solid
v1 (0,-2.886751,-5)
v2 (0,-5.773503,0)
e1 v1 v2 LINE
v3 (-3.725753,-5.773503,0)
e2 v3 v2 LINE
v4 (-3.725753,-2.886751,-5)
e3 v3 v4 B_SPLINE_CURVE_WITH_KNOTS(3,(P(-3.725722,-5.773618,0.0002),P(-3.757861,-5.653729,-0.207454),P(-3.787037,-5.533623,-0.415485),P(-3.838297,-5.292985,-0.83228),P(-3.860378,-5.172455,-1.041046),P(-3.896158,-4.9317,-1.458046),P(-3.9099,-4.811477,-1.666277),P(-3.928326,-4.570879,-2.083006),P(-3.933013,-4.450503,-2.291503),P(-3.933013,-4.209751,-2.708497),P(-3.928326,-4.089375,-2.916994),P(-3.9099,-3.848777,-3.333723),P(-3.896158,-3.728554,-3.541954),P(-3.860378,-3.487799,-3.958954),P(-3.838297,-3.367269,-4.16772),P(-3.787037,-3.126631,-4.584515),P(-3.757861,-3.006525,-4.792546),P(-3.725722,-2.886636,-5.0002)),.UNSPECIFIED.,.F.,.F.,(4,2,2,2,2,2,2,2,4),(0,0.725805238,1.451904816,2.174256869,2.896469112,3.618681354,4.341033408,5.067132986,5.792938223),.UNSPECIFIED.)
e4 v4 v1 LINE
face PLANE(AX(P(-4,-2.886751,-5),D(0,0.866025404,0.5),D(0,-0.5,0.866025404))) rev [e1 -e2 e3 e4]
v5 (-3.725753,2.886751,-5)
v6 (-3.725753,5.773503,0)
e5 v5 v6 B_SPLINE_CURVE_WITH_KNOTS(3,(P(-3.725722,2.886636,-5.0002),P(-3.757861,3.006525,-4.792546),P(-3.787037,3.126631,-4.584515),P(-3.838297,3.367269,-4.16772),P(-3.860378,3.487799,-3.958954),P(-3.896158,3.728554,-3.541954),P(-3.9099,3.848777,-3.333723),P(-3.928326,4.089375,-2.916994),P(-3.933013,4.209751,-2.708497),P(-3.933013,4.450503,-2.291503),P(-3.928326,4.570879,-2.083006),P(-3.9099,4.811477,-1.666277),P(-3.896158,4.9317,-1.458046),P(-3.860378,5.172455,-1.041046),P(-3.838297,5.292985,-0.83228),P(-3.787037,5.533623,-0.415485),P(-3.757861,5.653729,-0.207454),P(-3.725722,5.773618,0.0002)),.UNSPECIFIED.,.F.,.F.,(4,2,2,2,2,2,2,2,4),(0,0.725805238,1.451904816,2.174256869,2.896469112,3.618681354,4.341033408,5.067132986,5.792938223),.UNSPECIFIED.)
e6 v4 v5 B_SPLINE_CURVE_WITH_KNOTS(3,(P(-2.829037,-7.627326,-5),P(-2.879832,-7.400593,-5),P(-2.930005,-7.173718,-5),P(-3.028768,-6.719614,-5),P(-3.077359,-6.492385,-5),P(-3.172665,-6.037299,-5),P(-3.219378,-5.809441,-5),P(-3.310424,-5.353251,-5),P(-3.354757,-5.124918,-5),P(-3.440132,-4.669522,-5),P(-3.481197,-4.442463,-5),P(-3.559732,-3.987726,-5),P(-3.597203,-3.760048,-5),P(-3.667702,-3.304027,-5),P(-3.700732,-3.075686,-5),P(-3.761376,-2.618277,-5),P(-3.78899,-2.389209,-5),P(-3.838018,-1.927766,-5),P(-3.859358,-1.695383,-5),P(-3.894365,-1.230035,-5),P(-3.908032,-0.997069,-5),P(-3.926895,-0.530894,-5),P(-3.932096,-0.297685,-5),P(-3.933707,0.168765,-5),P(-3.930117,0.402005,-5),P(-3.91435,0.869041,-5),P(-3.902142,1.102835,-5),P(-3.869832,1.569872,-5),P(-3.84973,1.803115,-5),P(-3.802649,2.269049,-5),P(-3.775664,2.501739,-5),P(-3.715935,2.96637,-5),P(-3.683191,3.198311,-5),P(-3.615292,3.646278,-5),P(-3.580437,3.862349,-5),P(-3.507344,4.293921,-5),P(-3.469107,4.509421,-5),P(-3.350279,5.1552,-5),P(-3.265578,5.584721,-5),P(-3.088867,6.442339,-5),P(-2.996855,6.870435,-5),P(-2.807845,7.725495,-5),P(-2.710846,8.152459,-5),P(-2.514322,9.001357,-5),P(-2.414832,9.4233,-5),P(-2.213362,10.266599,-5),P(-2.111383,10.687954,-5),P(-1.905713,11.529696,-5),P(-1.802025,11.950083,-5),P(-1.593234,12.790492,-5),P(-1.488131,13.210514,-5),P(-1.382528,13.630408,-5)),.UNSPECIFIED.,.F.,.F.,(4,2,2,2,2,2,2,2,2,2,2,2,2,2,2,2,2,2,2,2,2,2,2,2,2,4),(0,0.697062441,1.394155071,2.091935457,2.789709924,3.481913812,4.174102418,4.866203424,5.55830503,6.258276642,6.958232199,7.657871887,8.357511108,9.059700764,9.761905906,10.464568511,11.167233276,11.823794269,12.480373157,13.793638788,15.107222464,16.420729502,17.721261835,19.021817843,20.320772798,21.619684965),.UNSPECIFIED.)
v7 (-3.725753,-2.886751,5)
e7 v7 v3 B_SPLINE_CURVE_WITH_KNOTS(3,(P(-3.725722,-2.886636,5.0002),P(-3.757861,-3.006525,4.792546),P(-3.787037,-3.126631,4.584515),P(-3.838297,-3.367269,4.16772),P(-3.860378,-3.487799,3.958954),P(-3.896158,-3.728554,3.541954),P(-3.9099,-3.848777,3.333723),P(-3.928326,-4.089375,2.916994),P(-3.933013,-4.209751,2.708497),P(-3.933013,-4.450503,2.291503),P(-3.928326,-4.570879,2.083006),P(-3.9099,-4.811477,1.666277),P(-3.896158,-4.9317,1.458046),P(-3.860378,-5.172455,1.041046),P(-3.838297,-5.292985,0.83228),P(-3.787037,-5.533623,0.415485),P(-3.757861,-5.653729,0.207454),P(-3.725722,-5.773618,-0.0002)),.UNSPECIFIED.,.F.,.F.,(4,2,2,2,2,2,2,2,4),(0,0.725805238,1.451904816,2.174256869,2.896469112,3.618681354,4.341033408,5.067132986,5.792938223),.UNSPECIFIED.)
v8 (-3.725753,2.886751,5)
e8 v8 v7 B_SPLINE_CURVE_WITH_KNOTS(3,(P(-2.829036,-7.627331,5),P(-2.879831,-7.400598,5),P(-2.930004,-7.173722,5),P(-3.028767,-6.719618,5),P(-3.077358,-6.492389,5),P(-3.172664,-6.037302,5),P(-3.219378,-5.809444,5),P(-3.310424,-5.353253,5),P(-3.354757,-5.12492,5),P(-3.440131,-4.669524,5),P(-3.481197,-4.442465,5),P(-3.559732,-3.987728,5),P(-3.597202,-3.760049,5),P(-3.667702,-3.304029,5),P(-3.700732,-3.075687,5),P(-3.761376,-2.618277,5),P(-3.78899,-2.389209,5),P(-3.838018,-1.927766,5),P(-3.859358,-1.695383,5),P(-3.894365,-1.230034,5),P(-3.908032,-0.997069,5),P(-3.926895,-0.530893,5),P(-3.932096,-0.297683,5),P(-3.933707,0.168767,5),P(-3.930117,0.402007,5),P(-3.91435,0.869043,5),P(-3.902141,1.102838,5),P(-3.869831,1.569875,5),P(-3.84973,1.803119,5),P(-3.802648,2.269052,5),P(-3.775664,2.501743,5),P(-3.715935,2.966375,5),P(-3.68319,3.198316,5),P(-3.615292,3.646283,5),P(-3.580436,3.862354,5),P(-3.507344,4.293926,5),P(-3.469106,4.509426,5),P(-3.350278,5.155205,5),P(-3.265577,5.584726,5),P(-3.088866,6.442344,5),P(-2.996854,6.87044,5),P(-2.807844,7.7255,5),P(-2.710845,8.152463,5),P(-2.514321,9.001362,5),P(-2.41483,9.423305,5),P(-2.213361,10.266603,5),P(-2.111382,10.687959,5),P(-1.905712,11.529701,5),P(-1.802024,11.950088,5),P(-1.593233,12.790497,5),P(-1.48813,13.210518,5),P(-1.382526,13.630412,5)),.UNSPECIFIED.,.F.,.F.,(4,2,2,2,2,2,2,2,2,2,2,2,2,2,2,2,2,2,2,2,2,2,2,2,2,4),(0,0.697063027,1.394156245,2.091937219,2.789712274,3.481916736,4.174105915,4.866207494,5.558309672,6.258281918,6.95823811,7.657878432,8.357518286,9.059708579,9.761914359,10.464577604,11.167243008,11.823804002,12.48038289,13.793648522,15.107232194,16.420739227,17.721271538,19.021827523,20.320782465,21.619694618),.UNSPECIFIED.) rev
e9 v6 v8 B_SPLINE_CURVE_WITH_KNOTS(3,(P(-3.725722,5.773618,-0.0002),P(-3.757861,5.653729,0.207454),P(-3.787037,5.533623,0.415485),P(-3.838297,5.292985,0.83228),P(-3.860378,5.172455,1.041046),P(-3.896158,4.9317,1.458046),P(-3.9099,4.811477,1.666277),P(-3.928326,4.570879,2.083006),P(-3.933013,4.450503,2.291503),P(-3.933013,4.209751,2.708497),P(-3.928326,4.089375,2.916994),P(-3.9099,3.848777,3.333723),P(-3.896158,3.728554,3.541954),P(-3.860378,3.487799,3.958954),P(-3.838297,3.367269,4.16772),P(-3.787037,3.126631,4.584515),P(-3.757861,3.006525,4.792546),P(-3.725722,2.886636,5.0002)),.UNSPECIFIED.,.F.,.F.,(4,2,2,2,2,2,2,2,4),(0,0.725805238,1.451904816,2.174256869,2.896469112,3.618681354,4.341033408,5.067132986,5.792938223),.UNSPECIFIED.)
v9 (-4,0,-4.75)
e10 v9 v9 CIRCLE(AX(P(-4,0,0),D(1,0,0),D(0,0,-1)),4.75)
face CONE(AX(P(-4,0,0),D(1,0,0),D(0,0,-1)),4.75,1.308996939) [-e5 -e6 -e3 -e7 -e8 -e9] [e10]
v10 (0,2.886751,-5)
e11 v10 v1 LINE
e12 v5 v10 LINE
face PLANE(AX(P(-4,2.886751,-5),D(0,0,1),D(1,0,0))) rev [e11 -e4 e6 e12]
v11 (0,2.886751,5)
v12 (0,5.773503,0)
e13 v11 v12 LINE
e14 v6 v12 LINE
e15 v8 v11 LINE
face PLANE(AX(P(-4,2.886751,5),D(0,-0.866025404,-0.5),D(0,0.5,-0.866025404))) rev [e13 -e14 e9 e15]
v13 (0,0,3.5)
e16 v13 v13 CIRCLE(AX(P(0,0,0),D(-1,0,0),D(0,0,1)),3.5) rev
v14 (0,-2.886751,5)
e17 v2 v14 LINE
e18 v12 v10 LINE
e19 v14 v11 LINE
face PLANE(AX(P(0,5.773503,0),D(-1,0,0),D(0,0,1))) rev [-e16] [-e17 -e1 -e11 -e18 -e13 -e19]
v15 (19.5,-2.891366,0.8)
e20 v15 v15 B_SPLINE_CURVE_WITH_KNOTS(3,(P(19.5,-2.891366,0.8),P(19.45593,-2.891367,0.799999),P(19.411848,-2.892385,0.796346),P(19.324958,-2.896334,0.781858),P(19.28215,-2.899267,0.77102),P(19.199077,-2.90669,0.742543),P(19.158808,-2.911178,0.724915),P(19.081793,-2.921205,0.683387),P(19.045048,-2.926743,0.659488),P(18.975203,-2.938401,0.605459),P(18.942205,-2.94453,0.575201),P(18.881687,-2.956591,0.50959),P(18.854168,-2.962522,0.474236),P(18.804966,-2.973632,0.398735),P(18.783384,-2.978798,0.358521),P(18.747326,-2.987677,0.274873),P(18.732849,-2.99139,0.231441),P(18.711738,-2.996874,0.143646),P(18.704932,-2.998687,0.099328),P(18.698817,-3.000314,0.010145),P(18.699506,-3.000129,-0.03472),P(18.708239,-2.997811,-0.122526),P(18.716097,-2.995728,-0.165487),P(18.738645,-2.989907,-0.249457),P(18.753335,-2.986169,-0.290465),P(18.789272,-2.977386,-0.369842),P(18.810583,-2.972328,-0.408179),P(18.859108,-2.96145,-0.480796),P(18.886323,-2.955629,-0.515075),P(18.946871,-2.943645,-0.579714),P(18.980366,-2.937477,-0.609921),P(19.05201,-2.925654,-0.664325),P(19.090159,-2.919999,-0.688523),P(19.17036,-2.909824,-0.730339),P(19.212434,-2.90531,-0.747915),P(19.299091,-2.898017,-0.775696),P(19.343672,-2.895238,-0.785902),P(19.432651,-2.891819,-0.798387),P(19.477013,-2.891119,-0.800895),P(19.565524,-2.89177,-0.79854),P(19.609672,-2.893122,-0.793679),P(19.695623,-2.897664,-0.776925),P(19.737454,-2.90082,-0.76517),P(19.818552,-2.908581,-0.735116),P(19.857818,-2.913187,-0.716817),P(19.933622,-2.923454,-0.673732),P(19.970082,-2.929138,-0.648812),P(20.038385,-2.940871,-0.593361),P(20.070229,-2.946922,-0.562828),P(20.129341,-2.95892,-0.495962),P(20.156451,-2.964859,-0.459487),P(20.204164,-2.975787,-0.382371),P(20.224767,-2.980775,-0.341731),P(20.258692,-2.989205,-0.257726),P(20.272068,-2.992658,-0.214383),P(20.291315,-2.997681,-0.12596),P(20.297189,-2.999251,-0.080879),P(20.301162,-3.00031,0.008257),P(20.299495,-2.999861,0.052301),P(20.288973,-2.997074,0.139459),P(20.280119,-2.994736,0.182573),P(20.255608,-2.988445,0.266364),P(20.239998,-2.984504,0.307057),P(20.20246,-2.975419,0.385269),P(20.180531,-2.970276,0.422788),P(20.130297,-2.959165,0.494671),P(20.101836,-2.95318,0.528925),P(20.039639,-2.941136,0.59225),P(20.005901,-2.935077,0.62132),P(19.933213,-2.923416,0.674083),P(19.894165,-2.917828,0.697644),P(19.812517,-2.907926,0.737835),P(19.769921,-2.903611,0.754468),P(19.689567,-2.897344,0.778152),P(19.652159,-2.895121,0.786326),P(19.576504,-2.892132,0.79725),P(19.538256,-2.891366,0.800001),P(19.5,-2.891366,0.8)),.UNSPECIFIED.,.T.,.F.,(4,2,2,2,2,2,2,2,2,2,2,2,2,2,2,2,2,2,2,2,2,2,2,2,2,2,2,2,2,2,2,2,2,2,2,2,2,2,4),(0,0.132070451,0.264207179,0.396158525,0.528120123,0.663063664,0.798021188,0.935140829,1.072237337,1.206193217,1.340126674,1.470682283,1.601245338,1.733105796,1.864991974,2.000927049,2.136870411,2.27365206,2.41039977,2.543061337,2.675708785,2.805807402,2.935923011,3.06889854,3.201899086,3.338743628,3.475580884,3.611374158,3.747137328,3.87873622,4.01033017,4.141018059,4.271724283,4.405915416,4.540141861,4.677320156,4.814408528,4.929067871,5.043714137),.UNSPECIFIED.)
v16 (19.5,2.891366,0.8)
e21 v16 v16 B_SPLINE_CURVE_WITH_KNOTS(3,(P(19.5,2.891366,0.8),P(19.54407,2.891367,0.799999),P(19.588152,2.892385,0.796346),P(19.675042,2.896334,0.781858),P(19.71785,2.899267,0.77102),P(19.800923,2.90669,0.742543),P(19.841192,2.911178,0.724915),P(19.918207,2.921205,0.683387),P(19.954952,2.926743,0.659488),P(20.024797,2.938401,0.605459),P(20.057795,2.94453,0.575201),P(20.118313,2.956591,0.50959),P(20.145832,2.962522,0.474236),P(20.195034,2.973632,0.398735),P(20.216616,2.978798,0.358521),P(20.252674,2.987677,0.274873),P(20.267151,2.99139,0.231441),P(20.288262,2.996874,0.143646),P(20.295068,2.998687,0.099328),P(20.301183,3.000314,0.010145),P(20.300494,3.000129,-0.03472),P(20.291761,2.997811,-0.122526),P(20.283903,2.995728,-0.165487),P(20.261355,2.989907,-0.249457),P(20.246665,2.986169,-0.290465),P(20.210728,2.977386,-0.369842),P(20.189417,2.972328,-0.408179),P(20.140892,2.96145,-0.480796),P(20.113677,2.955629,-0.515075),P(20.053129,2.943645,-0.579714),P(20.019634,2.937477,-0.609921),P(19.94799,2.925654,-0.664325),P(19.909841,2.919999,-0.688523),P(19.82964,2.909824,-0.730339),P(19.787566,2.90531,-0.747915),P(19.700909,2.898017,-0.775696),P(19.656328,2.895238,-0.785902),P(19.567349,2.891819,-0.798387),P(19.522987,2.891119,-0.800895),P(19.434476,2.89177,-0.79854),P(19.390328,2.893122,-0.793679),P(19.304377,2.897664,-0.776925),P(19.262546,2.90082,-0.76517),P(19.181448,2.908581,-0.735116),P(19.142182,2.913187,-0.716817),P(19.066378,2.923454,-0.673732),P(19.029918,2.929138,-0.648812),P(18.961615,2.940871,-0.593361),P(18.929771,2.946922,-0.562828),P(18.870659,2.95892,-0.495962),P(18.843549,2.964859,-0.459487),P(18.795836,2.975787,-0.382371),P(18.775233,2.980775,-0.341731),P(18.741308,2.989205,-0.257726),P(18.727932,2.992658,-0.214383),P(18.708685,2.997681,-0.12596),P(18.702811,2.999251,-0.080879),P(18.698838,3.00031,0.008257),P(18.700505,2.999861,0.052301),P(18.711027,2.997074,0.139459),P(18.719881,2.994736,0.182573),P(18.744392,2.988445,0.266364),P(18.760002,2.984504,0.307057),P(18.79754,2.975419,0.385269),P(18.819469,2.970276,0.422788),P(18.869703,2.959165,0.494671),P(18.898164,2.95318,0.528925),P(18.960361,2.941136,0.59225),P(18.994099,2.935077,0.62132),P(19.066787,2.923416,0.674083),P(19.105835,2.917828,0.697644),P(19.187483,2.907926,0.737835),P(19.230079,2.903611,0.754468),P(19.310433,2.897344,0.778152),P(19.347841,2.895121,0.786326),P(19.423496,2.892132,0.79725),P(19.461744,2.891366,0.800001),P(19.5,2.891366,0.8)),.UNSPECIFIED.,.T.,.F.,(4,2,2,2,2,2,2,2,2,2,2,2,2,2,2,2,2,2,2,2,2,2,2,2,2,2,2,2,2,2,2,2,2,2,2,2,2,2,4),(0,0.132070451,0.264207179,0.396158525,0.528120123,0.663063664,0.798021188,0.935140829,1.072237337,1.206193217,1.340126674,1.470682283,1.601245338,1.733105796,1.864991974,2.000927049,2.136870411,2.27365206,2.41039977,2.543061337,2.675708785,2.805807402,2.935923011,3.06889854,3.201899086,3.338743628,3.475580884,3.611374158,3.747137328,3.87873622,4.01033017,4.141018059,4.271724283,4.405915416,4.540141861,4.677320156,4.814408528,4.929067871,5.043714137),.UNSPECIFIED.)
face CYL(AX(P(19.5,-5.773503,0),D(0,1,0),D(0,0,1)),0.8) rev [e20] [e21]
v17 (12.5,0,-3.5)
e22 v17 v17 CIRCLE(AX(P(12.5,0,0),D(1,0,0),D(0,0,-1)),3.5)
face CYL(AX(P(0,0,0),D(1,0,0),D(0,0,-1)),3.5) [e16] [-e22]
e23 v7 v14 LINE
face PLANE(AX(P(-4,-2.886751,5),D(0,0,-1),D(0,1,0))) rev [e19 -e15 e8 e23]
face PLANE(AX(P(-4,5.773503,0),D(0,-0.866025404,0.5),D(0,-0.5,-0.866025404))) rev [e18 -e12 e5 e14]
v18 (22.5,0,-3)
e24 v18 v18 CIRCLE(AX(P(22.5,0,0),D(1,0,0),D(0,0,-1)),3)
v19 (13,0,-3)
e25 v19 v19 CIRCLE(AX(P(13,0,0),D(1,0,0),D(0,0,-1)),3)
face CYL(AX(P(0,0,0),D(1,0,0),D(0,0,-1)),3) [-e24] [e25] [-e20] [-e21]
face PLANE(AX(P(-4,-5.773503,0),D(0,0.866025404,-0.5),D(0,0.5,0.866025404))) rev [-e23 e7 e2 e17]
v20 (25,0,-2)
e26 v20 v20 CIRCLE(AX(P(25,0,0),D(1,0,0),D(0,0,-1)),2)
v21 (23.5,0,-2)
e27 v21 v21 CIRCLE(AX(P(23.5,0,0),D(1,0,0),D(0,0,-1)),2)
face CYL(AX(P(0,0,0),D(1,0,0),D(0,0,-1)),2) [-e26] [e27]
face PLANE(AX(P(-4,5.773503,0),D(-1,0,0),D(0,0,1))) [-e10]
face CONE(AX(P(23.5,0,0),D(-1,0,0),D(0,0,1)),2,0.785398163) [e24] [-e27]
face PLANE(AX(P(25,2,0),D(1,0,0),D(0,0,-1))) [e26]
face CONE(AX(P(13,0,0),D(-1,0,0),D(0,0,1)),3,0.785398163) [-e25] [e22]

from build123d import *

# Parameters (mm, degrees)
BASEHEAD_DEPTH  = 4
SKE2_R          = 0.8
HOLE_DEPTH      = 6.773502692
HOLE_DEPTH_BACK = 6.773502692


with BuildPart() as part:
    # BodySke → BaseBody (revolve)
    with BuildSketch(Plane.XY):
        Polygon((0, 0), (0, 3.5), (12.5, 3.5), (13, 3), (22.5, 3), (23.5, 2), (25, 2), (25, 0), align=None)
    revolve(axis=Axis((0, 0, 0), (-1, 0, 0)))

    # Ske → BaseHead (add)
    with BuildSketch(Plane.ZY):
        Polygon((0, 5.773502692), (-5, 2.886751346), (-5, -2.886751346), (0, -5.773502692), (5, -2.886751346), (5, 2.886751346), align=None)
    extrude(amount=BASEHEAD_DEPTH)

    # Ske1 → HeadFillet (revolve, cut)
    with BuildSketch(Plane.XY):
        Polygon((-4, 5.773502692), (-3.72575328, 5.773502692), (-4, 4.75), align=None)
    revolve(axis=Axis((0, 0, 0), (-1, 0, 0)), mode=Mode.SUBTRACT)

    # Ske2 → Hole (cut, two sides)
    with BuildSketch(Plane(origin=(0, 0, 0), x_dir=(1, 0, 0), z_dir=(0, 1, 0))) as hole_sk:
        with Locations((19.5, 0)):
            Circle(SKE2_R)
    extrude(amount=HOLE_DEPTH, mode=Mode.SUBTRACT)
    extrude(hole_sk.sketch, amount=-HOLE_DEPTH_BACK, mode=Mode.SUBTRACT)


solid = part.part
